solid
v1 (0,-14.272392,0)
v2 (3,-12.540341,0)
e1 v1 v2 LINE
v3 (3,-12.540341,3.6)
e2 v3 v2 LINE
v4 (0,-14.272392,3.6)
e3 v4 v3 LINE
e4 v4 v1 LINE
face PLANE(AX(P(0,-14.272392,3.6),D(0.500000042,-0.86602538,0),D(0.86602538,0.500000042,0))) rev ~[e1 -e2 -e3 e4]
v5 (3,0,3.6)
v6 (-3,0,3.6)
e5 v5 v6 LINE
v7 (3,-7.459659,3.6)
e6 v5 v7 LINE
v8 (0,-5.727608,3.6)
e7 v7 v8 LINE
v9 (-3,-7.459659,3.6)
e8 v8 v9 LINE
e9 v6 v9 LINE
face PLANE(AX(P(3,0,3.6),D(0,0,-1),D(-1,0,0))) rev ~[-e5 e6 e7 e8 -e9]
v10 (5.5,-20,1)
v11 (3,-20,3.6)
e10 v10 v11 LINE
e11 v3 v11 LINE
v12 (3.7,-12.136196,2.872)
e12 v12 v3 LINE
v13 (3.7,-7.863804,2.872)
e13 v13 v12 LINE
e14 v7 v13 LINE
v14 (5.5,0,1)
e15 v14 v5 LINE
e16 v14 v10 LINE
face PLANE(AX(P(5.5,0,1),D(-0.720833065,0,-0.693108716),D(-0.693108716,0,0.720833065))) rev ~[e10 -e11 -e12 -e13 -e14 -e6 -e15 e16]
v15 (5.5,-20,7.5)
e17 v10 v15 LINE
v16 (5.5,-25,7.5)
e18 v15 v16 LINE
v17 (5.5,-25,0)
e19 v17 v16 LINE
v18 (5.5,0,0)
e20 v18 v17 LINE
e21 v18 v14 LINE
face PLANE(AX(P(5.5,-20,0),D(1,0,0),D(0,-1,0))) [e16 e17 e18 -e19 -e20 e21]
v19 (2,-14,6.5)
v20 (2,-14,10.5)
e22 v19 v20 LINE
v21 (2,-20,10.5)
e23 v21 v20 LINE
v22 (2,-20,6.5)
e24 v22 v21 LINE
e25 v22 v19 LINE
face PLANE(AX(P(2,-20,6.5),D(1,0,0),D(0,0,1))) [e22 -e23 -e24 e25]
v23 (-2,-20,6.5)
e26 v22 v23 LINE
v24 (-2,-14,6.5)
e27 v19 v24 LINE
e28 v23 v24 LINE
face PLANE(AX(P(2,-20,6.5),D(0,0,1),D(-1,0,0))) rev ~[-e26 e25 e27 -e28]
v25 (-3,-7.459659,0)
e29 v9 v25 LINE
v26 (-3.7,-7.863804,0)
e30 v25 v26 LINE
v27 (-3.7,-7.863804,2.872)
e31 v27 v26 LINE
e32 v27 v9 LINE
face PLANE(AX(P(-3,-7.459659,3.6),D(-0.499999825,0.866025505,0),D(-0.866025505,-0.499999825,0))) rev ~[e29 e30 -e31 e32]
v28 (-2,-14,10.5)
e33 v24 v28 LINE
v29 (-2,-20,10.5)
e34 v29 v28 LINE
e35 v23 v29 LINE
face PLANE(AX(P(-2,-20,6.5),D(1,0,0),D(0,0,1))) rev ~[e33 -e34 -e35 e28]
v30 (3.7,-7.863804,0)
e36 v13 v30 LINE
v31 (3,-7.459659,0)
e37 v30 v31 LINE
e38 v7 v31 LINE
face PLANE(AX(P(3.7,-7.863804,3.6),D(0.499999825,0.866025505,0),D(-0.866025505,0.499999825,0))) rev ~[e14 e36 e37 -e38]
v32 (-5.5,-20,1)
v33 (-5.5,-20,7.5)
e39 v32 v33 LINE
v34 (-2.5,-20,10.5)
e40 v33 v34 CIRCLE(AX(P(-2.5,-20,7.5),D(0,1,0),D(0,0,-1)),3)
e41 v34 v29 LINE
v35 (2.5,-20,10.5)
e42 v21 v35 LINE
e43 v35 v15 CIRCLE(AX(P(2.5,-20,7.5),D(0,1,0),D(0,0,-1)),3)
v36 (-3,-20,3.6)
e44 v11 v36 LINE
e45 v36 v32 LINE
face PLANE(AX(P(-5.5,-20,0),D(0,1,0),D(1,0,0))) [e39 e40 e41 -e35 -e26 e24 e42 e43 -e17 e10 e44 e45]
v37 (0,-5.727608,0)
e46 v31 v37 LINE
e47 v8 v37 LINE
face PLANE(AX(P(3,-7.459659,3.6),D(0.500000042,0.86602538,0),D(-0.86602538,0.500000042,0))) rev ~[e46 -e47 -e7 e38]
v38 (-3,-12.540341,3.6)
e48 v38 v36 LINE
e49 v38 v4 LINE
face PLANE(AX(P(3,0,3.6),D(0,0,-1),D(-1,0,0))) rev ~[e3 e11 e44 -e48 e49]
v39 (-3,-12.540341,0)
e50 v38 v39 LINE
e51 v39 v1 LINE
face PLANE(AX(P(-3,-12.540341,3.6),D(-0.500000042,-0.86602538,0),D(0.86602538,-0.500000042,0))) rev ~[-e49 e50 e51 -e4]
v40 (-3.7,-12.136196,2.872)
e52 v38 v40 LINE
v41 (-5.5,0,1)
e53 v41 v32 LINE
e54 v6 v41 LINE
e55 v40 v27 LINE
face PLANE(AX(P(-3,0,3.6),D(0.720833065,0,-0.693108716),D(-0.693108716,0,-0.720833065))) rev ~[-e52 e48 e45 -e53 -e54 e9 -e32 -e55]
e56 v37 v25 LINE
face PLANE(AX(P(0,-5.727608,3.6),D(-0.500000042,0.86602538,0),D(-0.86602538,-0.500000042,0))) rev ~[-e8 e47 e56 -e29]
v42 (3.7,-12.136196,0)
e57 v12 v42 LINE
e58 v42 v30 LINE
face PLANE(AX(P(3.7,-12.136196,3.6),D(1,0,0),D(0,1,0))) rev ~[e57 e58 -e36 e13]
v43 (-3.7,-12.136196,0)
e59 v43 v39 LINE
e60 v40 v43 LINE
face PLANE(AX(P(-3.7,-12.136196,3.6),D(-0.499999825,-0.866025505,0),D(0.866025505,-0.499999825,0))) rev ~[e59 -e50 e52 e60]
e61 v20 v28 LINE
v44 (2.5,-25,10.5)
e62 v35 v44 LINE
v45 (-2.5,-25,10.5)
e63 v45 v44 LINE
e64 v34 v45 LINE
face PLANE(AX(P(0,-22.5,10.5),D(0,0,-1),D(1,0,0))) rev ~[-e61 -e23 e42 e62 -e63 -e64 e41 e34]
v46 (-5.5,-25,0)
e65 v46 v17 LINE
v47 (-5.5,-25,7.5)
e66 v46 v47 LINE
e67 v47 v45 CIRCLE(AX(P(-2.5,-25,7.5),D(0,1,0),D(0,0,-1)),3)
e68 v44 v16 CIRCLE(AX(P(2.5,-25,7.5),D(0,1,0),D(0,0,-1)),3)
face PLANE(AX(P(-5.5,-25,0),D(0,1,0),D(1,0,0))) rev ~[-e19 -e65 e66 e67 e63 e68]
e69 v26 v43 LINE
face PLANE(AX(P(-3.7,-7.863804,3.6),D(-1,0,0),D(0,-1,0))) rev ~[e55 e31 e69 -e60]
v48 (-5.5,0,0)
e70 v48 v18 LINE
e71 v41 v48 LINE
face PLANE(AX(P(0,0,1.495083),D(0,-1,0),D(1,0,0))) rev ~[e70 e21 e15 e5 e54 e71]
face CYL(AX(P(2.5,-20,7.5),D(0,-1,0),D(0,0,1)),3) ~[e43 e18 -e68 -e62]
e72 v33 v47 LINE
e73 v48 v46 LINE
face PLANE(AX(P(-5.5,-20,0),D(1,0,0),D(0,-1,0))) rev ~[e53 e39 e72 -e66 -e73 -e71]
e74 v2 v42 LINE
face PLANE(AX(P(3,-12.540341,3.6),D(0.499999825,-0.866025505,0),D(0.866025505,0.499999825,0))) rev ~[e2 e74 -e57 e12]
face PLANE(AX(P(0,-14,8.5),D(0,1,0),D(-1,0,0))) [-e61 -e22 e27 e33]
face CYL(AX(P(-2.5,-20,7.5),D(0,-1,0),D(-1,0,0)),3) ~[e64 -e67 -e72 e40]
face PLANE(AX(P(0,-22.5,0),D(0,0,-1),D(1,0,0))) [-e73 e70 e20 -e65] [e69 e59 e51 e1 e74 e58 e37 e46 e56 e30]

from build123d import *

# Parameters (mm, degrees)
F1_DEPTH = 20
F3_DEPTH = 3.6
F4_W     = 11
F4_H     = 5
F5_DEPTH = 10.5
F6_W     = 4
F6_H     = 4
F7_DEPTH = 6
F8_R     = 3


with BuildPart() as f1:
    # F0 (on Front) → F1 (new body)
    with BuildSketch(Plane.XZ):
        Polygon((-5.5, 0), (5.5, 0), (5.5, 1), (3, 3.6), (0, 3.6), (-3, 3.6), (-5.5, 1), align=None)
    extrude(amount=F1_DEPTH)

    # F2 (on face) → F3 (cut, through all)
    with BuildSketch(Plane.XY.offset(3.6)):
        Polygon((3, -7.459659), (0, -5.727608), (-3, -7.459659), (-3, -12.540341), (0, -14.272392), (3, -12.540341), align=None)
        Polygon((3.7, -7.863804), (3, -7.459659), (3, -12.540341), (3.7, -12.136196), align=None)
        Polygon((-3, -12.540341), (-3, -7.459659), (-3.7, -7.863804), (-3.7, -12.136196), align=None)
    extrude(amount=-F3_DEPTH, mode=Mode.SUBTRACT)

    # F4 (on face) → F5 (join)
    with BuildSketch(Plane(origin=(0, 0, 0), x_dir=(1, 0, 0), z_dir=(0, 0, -1))):
        with Locations((0, 22.5)):
            Rectangle(F4_W, F4_H)
    extrude(amount=-F5_DEPTH)

    # F6 (on face) → F7 (join)
    with BuildSketch(Plane(origin=(0, -20, 0), x_dir=(-1, 0, 0), z_dir=(0, 1, 0))):
        with Locations((0, 8.5)):
            Rectangle(F6_W, F6_H)
    extrude(amount=F7_DEPTH)

    # F8
    f8_edges = [f1.edges().sort_by_distance(p)[0] for p in [
        (-5.5, -22.5, 10.5),
        (5.5, -22.5, 10.5),
    ]]
    fillet(f8_edges, radius=F8_R)


solid = f1.part
